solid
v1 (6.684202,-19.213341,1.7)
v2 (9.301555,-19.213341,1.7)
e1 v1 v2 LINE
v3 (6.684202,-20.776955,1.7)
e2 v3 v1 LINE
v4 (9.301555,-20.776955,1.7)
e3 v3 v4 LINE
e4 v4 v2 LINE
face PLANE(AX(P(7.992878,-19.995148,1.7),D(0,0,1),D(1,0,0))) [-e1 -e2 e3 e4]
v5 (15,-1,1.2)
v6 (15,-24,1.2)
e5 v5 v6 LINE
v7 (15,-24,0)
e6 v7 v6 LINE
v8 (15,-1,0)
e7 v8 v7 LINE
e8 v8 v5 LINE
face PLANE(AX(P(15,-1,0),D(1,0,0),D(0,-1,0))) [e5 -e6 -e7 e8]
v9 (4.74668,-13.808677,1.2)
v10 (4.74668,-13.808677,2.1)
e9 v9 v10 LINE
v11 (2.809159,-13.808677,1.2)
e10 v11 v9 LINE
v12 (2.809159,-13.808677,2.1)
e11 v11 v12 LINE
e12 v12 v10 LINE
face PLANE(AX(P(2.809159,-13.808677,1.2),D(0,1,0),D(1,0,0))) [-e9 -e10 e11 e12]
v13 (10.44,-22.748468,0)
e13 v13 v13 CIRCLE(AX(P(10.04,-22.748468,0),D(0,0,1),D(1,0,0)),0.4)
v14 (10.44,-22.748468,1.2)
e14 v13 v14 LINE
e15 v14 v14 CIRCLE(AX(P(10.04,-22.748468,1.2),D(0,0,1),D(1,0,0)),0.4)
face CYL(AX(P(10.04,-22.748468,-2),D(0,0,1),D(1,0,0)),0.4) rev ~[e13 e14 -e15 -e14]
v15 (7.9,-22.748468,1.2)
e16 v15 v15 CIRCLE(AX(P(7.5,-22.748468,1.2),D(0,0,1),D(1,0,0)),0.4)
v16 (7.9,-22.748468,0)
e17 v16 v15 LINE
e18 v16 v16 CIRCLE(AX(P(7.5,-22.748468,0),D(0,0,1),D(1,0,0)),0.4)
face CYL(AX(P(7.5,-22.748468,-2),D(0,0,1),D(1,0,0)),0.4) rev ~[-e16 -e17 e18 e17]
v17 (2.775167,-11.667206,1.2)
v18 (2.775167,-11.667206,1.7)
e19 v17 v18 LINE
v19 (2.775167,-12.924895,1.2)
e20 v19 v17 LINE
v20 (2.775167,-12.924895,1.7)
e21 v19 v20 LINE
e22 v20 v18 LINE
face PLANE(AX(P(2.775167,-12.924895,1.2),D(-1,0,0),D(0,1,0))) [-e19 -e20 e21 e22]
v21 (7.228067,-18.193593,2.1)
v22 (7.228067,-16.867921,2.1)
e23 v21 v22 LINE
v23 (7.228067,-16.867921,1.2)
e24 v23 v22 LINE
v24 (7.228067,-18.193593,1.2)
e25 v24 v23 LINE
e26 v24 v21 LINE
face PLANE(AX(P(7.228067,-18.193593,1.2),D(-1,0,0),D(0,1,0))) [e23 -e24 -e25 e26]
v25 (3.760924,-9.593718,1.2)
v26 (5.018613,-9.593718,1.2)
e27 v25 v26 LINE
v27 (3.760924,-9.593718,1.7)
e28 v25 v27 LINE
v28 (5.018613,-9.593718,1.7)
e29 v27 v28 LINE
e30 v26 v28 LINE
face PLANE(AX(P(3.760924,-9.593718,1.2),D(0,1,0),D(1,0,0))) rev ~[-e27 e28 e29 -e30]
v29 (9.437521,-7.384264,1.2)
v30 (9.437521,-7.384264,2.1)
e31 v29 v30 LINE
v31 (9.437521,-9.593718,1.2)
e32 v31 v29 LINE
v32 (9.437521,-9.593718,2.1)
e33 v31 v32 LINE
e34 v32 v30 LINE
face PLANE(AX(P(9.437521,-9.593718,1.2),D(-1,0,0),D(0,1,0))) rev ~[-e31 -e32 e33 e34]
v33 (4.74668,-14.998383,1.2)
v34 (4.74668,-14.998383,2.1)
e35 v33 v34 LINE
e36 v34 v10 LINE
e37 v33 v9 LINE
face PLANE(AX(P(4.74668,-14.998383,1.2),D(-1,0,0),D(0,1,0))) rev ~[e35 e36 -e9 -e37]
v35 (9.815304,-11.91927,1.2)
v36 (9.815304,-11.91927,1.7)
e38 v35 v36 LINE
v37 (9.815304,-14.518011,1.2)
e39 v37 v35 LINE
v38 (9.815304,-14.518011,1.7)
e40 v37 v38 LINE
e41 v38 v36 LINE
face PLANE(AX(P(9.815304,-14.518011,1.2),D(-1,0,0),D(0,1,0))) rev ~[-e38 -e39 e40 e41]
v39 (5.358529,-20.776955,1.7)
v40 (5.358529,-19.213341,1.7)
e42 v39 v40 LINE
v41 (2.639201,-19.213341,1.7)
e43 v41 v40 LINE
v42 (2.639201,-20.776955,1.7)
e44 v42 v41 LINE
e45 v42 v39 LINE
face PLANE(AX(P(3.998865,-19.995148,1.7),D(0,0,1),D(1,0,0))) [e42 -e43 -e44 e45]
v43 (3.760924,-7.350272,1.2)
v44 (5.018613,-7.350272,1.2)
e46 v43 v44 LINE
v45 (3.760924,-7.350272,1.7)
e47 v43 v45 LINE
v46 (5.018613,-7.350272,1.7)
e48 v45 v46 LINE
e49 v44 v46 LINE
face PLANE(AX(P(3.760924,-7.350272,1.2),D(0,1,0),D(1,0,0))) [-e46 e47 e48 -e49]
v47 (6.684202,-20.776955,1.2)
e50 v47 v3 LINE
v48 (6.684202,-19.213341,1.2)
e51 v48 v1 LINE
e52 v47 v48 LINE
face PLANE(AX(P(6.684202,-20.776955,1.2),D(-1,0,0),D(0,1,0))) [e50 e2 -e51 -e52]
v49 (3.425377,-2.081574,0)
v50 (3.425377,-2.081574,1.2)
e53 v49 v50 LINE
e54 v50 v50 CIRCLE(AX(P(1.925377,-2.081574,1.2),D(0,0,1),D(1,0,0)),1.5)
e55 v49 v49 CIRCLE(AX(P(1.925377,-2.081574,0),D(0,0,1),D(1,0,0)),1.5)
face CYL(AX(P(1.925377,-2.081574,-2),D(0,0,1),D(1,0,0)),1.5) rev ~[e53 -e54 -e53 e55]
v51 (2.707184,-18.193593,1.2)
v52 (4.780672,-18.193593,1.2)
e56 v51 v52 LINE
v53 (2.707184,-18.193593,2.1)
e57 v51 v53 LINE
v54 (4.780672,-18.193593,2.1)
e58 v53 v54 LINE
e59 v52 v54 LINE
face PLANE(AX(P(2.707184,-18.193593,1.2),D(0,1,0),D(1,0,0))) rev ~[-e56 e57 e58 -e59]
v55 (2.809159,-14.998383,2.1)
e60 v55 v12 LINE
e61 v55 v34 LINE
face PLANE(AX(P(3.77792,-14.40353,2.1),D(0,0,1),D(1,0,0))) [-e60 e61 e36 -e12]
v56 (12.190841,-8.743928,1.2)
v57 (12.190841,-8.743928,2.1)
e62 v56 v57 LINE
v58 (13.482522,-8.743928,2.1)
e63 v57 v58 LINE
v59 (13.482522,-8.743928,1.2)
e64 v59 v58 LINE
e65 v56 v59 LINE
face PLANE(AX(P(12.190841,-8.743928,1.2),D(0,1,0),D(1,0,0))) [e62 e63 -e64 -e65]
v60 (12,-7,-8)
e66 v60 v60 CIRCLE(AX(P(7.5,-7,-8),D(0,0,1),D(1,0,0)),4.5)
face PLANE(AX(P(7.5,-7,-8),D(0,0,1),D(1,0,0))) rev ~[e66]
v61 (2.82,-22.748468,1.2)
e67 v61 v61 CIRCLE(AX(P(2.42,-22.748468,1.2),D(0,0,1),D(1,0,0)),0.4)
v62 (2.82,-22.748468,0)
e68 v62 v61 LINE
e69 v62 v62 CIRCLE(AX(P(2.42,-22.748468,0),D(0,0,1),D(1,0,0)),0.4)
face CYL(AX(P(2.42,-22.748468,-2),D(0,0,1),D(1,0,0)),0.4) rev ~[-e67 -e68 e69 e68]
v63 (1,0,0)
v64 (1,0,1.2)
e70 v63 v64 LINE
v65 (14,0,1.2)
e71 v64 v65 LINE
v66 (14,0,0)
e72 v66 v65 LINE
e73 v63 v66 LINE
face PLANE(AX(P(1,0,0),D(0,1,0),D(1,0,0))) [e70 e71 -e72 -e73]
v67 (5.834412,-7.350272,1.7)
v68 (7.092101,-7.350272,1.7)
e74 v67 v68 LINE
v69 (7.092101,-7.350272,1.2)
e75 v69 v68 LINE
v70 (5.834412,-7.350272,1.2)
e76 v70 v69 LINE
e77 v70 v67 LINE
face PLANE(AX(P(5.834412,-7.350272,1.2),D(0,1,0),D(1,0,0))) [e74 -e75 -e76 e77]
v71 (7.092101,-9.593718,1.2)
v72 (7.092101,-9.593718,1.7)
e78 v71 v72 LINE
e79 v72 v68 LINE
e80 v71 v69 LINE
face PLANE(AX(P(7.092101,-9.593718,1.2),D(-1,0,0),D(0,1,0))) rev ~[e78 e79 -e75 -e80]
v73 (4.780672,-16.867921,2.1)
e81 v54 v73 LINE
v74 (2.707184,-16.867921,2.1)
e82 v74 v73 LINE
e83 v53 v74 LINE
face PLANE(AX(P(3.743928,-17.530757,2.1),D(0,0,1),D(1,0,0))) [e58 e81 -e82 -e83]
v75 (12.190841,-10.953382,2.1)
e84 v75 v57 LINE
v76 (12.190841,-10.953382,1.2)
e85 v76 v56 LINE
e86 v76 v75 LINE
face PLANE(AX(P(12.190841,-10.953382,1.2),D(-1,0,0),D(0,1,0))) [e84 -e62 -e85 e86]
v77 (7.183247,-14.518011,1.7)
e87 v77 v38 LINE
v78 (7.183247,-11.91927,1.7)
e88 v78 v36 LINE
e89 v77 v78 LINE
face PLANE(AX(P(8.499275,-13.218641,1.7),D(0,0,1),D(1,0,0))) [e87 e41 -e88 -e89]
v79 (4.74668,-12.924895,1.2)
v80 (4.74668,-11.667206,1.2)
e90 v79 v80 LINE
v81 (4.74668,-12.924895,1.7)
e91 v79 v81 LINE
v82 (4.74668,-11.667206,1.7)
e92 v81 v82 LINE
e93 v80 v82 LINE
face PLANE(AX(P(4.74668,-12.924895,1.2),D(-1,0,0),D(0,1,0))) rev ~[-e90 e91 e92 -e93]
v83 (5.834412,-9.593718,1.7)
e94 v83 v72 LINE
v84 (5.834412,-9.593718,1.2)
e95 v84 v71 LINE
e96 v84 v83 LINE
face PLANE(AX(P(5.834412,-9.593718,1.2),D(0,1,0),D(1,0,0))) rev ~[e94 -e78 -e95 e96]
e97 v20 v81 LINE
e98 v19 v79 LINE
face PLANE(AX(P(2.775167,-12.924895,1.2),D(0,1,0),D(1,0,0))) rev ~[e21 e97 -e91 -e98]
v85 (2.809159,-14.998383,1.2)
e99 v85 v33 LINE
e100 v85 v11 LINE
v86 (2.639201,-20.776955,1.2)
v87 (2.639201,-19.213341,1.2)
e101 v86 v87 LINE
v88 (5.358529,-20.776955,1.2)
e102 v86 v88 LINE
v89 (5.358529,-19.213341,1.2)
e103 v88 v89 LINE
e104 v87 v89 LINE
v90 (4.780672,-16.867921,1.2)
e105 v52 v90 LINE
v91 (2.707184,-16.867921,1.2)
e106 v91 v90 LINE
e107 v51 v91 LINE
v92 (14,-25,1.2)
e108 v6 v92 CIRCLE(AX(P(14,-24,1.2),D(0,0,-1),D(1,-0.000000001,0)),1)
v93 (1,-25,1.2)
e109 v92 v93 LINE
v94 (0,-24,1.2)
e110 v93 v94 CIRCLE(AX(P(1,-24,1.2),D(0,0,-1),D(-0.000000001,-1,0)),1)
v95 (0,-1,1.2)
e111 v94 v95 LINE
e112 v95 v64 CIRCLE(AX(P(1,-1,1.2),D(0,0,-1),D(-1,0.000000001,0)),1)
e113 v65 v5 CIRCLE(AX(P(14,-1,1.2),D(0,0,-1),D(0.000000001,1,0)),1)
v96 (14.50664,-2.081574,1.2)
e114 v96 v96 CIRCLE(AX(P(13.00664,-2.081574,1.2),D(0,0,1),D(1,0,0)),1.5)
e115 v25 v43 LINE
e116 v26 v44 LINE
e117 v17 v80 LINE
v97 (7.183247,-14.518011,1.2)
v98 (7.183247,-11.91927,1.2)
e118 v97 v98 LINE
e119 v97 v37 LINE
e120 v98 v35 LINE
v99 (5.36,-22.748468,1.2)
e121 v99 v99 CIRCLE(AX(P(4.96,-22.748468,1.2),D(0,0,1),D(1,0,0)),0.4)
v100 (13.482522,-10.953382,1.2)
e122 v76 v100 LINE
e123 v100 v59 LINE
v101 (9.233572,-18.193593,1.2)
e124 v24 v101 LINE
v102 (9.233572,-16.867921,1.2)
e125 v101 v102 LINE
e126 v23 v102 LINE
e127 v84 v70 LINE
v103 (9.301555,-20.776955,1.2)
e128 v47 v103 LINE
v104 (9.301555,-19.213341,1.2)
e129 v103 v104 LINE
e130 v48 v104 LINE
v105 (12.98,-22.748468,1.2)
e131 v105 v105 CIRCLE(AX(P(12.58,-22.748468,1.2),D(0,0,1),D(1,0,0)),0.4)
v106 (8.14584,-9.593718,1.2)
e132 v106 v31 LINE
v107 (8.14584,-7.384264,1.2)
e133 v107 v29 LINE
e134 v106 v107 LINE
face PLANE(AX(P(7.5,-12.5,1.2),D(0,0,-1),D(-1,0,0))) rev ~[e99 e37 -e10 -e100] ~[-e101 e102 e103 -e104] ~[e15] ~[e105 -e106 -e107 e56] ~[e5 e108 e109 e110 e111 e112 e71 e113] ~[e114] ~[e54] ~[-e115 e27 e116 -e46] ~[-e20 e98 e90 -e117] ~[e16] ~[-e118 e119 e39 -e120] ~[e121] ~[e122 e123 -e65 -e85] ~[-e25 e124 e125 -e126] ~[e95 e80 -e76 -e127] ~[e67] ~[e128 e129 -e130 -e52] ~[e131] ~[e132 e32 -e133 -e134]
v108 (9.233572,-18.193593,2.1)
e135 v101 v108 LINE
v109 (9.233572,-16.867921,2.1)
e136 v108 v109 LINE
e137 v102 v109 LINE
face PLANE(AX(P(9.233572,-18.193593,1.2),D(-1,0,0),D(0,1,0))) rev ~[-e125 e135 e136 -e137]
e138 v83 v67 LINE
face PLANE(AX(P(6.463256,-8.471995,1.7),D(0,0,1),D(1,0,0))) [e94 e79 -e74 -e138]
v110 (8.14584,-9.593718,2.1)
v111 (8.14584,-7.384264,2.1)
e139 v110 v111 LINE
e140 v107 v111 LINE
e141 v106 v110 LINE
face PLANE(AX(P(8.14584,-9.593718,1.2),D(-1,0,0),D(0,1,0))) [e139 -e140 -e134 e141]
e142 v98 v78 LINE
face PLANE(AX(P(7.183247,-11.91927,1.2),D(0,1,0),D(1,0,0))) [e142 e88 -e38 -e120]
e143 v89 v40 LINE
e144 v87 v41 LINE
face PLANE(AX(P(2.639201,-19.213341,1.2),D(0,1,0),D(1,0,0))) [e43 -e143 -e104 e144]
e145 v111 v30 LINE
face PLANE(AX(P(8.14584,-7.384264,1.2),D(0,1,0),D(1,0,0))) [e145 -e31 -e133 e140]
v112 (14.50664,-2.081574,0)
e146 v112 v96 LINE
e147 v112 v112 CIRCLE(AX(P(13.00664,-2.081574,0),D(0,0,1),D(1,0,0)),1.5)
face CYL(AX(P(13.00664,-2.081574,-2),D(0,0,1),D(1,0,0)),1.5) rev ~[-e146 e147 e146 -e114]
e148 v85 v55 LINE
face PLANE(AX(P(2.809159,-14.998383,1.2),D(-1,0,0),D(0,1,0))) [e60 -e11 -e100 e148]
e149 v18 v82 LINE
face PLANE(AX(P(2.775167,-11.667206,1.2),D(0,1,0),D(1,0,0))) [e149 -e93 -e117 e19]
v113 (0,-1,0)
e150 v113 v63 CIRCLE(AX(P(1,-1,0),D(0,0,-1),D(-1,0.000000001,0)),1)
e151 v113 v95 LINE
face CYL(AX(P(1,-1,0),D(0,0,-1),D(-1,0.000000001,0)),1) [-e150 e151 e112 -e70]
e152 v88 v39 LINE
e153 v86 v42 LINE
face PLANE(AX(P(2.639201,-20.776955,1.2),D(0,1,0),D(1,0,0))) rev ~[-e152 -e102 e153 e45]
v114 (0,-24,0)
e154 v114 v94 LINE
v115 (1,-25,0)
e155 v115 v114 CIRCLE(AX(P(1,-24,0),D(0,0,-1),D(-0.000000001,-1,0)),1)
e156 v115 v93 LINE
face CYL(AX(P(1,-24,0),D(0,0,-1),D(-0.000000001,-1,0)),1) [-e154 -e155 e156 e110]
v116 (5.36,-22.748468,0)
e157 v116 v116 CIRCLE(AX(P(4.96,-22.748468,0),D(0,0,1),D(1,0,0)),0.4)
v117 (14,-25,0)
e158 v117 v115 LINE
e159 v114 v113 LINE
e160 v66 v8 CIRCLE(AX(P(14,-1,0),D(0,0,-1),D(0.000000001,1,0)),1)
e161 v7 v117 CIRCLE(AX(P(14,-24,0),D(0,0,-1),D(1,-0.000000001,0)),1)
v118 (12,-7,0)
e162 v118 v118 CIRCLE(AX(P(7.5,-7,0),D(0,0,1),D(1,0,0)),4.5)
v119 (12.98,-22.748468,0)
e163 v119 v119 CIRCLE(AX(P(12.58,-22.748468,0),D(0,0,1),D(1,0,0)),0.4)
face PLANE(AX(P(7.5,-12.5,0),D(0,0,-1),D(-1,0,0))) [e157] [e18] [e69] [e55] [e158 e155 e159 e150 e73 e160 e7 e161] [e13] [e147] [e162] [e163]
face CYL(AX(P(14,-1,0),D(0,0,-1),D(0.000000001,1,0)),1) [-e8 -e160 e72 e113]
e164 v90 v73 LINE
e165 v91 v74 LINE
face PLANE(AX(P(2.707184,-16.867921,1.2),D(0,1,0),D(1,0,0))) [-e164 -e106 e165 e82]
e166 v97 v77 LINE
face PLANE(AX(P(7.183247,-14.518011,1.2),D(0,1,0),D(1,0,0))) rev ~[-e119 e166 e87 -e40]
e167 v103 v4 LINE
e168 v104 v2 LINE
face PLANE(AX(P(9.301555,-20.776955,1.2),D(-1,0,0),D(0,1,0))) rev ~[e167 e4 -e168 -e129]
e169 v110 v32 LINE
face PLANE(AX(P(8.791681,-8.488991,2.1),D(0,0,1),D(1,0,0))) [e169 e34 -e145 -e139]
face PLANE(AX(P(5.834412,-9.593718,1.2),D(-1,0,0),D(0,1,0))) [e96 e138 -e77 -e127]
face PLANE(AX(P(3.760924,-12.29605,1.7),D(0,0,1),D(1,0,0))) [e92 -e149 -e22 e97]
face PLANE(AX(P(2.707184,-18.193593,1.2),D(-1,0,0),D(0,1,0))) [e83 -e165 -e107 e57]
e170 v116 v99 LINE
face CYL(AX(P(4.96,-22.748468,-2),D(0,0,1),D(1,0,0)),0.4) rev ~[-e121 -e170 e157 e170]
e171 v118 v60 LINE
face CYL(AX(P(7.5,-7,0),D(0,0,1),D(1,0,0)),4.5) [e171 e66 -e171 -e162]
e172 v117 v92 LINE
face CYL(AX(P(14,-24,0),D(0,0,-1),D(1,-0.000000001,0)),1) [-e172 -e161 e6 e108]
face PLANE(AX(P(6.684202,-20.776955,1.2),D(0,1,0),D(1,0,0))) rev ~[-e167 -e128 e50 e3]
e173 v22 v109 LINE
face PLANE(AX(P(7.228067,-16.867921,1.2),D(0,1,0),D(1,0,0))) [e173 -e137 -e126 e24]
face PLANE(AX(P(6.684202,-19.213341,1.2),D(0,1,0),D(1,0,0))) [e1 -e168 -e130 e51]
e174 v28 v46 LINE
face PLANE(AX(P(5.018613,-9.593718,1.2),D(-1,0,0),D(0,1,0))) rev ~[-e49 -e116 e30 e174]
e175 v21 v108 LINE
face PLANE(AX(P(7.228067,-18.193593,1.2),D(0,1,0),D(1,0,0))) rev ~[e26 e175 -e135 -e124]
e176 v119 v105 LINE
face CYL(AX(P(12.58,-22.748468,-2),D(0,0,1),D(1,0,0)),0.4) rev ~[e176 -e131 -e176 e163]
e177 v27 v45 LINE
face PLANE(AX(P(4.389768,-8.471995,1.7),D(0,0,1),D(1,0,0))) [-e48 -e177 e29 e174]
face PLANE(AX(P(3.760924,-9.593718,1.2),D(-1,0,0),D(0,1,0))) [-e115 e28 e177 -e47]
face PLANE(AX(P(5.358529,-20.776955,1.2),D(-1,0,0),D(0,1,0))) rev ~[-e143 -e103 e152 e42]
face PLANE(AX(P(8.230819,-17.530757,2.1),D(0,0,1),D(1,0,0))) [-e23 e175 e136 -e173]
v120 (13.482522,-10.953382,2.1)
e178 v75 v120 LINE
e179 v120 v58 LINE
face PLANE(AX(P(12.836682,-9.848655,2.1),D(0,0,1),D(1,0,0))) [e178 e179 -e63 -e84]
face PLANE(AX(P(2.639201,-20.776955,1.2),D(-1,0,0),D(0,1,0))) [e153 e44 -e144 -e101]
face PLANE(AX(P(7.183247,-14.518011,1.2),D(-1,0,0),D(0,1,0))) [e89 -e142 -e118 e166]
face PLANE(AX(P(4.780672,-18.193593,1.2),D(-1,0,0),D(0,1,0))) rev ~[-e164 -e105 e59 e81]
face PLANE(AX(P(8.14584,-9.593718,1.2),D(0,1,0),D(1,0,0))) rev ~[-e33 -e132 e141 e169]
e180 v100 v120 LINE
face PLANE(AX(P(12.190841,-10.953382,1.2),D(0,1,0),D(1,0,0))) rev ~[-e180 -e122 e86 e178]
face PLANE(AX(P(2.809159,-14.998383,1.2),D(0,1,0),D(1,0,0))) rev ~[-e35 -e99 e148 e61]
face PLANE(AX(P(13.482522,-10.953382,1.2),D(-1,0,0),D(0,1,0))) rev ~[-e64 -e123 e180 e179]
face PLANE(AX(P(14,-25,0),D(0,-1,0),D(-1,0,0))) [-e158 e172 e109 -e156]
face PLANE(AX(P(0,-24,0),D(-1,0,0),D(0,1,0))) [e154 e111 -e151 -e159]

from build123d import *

# Parameters (mm, degrees)
BOSS_EXTRUDE1_DEPTH                  = 1.2
SKETCH2_R                            = 4.5
BOSS_EXTRUDE2_DEPTH                  = 8
F_3_0MM_DOWEL_HOLE1_D                = 3
F_3_0MM_DOWEL_HOLE1_DEPTH            = 2
F_3_0MM_DOWEL_HOLE1_TIP              = 0.901290929
F_97_0_03149606_DIAMETER_HOLE1_D     = 0.799999924
F_97_0_03149606_DIAMETER_HOLE1_DEPTH = 2
F_97_0_03149606_DIAMETER_HOLE1_TIP   = 0.240344225
SKETCH17_W                           = 2.632057762
SKETCH17_H                           = 2.598740575
BOSS_EXTRUDE5_DEPTH                  = 0.5
SKETCH18_W                           = 2.719328156
SKETCH18_H                           = 1.56361369
SKETCH18_W_2                         = 2.61735335
BOSS_EXTRUDE6_DEPTH                  = 0.5
SKETCH19_W                           = 2.073487719
SKETCH19_H                           = 1.325672476
SKETCH19_W_2                         = 2.005504515
BOSS_EXTRUDE7_DEPTH                  = 0.9
SKETCH20_W                           = 1.971512913
SKETCH20_H                           = 1.257689272
SKETCH20_W_2                         = 1.257689272
SKETCH20_H_2                         = 2.243445728
SKETCH20_W_3                         = 1.257689273
BOSS_EXTRUDE8_DEPTH                  = 0.5
SKETCH21_W                           = 1.937521311
SKETCH21_H                           = 1.189706068
SKETCH21_W_2                         = 1.291680874
SKETCH21_H_2                         = 2.209454126
BOSS_EXTRUDE9_DEPTH                  = 0.9


with BuildPart() as part:
    # Sketch1 → Boss-Extrude1 (new body)
    with BuildSketch(Plane.XY):
        with BuildLine():
            Line((1, 0), (14, 0))
            ThreePointArc((14, 0), (14.707106781, -0.292893219), (15, -1))
            Line((15, -1), (15, -24))
            ThreePointArc((15, -24), (14.707106781, -24.707106781), (14, -25))
            Line((14, -25), (1, -25))
            ThreePointArc((1, -25), (0.292893219, -24.707106781), (0, -24))
            Line((0, -24), (0, -1))
            ThreePointArc((0, -1), (0.292893219, -0.292893219), (1, 0))
        make_face()
    extrude(amount=BOSS_EXTRUDE1_DEPTH)

    # Sketch2 → Boss-Extrude2 (add)
    with BuildSketch(Plane.XY):
        with Locations((7.5, -7)):
            Circle(SKETCH2_R)
    extrude(amount=-BOSS_EXTRUDE2_DEPTH)

    # Ø3.0mm Dowel Hole1
    with Locations(Plane(origin=(0, 0, 0), x_dir=(-1, 0, 0), z_dir=(0, 0, -1))):
        with Locations((-13.006639516, -2.081574002), (-1.92537728, -2.081574002)):
            Hole(F_3_0MM_DOWEL_HOLE1_D / 2, depth=F_3_0MM_DOWEL_HOLE1_DEPTH)
            with Locations((0, 0, -(F_3_0MM_DOWEL_HOLE1_DEPTH + F_3_0MM_DOWEL_HOLE1_TIP / 2))):  # 118° drill point
                Cone(0, F_3_0MM_DOWEL_HOLE1_D / 2, F_3_0MM_DOWEL_HOLE1_TIP, mode=Mode.SUBTRACT)

    # #97 (0.03149606) Diameter Hole1
    with Locations(Plane(origin=(0, 0, 0), x_dir=(-1, 0, 0), z_dir=(0, 0, -1))):
        with Locations((-7.5, -22.748467988), (-10.04, -22.748467988), (-12.58, -22.748467988), (-4.96, -22.748467988), (-2.42, -22.748467988)):
            Hole(F_97_0_03149606_DIAMETER_HOLE1_D / 2, depth=F_97_0_03149606_DIAMETER_HOLE1_DEPTH)
            with Locations((0, 0, -(F_97_0_03149606_DIAMETER_HOLE1_DEPTH + F_97_0_03149606_DIAMETER_HOLE1_TIP / 2))):  # 118° drill point
                Cone(0, F_97_0_03149606_DIAMETER_HOLE1_D / 2, F_97_0_03149606_DIAMETER_HOLE1_TIP, mode=Mode.SUBTRACT)

    # Sketch17 → Boss-Extrude5 (add)
    with BuildSketch(Plane.XY.offset(1.2)):
        with Locations((8.499275401, -13.218640589)):
            Rectangle(SKETCH17_W, SKETCH17_H)
    extrude(amount=BOSS_EXTRUDE5_DEPTH)

    # Sketch18 → Boss-Extrude6 (add)
    with BuildSketch(Plane.XY.offset(1.2)):
        with Locations((3.998864999, -19.99514823)):
            Rectangle(SKETCH18_W, SKETCH18_H)
        with Locations((7.992878228, -19.99514823)):
            Rectangle(SKETCH18_W_2, SKETCH18_H)
    extrude(amount=BOSS_EXTRUDE6_DEPTH)

    # Sketch19 → Boss-Extrude7 (add)
    with BuildSketch(Plane.XY.offset(1.2)):
        with Locations((3.743927985, -17.530757089)):
            Rectangle(SKETCH19_W, SKETCH19_H)
        with Locations((8.230819441, -17.530757089)):
            Rectangle(SKETCH19_W_2, SKETCH19_H)
    extrude(amount=BOSS_EXTRUDE7_DEPTH)

    # Sketch20 → Boss-Extrude8 (add)
    with BuildSketch(Plane.XY.offset(1.2)):
        with Locations((3.760923786, -12.296050388)):
            Rectangle(SKETCH20_W, SKETCH20_H)
        with Locations((4.389768422, -8.471995169)):
            Rectangle(SKETCH20_W_2, SKETCH20_H_2)
        with Locations((6.463256141, -8.471995169)):
            Rectangle(SKETCH20_W_3, SKETCH20_H_2)
    extrude(amount=BOSS_EXTRUDE8_DEPTH)

    # Sketch21 → Boss-Extrude9 (add)
    with BuildSketch(Plane.XY.offset(1.2)):
        with Locations((3.777919587, -14.403529709)):
            Rectangle(SKETCH21_W, SKETCH21_H)
        with Locations((8.791680874, -8.48899097)):
            Rectangle(SKETCH21_W_2, SKETCH21_H_2)
        with Locations((12.836681506, -9.848655048)):
            Rectangle(SKETCH21_W_2, SKETCH21_H_2)
    extrude(amount=BOSS_EXTRUDE9_DEPTH)


solid = part.part
